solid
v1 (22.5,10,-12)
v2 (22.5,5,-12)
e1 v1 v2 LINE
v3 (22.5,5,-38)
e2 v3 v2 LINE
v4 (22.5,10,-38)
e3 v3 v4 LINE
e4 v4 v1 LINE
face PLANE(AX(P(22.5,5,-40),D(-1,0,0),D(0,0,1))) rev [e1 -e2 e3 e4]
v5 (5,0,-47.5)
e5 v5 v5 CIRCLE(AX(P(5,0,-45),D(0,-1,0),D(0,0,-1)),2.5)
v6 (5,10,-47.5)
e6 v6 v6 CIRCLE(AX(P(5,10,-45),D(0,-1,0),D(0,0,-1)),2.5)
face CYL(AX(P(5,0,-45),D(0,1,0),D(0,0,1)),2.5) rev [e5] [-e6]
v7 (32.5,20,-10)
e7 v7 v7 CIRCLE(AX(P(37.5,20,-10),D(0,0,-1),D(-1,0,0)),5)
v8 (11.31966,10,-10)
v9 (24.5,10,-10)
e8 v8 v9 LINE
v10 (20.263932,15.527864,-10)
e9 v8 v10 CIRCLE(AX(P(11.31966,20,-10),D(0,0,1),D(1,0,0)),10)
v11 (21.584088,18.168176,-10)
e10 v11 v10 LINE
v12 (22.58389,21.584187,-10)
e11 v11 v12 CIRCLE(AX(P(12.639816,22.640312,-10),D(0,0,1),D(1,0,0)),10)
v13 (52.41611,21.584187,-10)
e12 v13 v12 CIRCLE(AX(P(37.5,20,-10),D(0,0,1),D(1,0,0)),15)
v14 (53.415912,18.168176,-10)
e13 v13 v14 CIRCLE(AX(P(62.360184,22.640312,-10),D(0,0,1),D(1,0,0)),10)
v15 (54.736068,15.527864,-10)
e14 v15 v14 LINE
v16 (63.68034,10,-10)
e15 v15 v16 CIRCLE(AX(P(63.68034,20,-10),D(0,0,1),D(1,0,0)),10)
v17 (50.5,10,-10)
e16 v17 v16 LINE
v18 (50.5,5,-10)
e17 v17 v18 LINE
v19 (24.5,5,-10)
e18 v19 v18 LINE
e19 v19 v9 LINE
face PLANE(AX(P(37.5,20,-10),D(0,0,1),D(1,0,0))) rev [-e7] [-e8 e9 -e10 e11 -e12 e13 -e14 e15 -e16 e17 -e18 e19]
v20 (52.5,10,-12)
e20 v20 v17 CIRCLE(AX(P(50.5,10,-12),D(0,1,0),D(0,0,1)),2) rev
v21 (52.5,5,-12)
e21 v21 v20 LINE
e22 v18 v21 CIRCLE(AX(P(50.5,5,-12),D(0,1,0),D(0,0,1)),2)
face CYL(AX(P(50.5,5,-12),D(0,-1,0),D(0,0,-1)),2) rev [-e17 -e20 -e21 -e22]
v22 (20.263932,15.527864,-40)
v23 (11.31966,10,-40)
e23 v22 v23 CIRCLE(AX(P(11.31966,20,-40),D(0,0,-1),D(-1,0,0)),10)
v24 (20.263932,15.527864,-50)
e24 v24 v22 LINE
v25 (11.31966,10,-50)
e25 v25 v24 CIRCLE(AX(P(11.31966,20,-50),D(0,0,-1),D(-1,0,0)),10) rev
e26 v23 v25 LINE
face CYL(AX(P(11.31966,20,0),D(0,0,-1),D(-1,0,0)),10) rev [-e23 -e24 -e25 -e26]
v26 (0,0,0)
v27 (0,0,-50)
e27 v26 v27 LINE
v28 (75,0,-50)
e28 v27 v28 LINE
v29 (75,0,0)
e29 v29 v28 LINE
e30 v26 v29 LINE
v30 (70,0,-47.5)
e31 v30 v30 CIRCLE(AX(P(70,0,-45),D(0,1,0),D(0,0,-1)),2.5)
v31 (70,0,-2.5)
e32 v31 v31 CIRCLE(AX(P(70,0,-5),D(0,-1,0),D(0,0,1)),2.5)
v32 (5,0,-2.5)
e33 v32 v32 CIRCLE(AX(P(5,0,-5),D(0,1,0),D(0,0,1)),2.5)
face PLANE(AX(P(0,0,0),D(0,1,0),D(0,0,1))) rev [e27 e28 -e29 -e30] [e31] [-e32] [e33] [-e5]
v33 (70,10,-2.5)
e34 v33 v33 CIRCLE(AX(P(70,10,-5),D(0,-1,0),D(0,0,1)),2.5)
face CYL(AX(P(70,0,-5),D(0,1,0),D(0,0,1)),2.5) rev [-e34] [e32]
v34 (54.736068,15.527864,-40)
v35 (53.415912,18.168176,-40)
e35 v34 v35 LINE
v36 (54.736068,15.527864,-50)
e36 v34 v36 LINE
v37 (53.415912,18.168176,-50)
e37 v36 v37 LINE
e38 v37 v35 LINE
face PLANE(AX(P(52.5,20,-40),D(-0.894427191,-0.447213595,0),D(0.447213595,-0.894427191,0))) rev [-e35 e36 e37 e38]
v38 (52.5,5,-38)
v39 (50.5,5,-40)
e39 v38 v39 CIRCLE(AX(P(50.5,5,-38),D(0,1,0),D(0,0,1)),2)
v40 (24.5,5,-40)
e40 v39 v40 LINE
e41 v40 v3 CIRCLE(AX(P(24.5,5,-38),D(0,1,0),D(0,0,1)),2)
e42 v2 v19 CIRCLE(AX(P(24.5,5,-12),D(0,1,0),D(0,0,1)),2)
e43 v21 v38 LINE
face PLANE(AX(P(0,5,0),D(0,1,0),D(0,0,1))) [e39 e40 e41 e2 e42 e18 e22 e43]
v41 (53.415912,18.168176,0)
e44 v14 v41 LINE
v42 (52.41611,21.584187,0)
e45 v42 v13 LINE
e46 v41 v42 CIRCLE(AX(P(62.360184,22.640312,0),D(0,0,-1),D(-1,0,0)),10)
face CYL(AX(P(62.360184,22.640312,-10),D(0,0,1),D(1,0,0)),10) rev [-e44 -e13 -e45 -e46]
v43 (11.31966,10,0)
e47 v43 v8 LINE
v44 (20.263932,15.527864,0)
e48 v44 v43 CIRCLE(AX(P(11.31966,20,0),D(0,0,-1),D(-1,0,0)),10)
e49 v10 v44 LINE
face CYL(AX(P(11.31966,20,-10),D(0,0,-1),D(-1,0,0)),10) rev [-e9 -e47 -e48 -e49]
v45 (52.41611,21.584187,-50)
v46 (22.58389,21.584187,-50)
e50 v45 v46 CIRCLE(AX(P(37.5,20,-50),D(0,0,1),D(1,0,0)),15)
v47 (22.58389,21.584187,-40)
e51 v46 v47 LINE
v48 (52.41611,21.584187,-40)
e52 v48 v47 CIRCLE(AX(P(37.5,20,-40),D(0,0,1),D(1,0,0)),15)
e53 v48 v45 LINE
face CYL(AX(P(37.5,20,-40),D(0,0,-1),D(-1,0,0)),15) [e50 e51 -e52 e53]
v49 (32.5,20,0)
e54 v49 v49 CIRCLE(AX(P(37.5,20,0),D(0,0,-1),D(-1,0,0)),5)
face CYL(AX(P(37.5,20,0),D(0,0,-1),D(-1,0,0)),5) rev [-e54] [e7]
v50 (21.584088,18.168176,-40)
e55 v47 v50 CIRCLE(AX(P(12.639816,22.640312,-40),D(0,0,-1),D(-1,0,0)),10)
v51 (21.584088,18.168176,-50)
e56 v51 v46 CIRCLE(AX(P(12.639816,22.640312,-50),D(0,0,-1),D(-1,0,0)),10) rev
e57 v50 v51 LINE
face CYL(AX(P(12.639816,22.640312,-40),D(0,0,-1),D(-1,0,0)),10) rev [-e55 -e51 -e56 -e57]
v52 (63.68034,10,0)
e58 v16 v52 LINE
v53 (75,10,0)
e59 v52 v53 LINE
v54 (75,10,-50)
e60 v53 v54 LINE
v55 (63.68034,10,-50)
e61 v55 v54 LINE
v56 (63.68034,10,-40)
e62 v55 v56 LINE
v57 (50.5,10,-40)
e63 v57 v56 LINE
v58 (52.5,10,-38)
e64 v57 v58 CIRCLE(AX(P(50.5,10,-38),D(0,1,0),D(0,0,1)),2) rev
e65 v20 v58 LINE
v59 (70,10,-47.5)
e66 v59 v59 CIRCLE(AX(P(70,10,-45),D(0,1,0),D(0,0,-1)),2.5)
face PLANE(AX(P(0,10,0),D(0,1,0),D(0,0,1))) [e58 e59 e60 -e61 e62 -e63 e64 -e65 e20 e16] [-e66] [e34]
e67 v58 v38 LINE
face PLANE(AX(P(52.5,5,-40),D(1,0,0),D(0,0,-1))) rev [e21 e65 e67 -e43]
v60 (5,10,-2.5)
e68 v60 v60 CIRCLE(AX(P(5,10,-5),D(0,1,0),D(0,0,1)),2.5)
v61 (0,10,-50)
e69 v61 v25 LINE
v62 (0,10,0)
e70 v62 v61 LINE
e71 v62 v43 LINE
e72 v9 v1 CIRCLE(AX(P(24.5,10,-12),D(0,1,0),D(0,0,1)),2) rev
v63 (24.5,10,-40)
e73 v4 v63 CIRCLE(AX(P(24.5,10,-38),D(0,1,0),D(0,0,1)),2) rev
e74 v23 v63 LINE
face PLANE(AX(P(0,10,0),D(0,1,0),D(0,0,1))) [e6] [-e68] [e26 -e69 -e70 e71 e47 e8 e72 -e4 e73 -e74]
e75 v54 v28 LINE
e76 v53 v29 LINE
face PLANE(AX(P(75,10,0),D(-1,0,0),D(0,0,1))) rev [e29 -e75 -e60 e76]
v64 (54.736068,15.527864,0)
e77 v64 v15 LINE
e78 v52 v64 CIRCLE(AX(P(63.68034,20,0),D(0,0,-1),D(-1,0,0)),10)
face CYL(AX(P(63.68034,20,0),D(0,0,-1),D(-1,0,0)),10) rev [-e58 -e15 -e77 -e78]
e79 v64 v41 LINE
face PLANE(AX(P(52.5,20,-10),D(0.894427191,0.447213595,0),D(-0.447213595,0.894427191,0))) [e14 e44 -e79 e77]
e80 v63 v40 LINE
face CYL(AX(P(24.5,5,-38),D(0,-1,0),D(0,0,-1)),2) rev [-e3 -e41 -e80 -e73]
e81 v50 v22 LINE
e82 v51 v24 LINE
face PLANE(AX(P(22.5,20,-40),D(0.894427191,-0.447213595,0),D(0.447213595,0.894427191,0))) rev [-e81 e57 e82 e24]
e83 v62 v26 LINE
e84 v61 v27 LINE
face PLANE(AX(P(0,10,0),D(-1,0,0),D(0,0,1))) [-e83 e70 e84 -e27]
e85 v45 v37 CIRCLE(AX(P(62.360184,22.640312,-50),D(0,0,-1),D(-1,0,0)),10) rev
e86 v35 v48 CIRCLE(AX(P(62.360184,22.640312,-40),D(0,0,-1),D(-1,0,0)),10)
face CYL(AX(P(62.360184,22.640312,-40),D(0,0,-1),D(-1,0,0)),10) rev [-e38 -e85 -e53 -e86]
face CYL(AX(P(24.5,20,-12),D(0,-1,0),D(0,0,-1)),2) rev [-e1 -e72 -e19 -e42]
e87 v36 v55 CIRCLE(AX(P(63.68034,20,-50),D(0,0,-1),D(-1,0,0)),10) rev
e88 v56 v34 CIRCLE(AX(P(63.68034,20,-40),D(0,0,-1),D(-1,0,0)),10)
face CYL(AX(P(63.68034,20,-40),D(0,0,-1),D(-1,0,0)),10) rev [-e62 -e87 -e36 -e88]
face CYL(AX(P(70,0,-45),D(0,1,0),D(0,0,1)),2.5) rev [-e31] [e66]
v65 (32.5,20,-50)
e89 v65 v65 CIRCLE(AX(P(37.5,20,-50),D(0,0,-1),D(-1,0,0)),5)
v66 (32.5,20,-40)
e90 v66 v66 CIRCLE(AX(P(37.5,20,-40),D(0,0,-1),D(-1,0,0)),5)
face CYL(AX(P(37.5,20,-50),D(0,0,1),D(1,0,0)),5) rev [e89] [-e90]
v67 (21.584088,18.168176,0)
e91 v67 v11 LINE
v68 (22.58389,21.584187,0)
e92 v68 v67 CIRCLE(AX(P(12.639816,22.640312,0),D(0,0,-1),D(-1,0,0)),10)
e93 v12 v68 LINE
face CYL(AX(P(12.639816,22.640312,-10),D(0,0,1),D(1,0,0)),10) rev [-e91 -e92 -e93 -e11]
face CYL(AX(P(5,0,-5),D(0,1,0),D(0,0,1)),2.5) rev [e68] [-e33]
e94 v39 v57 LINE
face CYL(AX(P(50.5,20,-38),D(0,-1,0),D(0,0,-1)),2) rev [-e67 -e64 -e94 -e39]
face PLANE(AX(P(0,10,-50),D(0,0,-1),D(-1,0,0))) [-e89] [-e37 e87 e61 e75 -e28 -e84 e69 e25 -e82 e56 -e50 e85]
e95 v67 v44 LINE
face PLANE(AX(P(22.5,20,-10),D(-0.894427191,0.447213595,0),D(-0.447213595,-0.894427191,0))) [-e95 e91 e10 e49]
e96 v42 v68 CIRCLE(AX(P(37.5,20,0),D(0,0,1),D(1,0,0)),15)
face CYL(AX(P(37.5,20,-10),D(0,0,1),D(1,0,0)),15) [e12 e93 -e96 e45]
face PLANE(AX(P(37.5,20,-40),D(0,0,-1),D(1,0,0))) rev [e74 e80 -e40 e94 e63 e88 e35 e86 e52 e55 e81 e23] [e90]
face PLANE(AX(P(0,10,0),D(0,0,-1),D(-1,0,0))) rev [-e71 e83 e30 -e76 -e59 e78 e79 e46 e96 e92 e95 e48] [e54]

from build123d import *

# Parameters (mm, degrees)
SKETCH1_W               = 75
SKETCH1_H               = 50
BOSS_EXTRUDE1_DEPTH     = 10
BOSS_EXTRUDE2_DEPTH     = 10
FILLET1_R               = 10
SKETCH4_R               = 5
CUT_EXTRUDE1_DEPTH      = 11
FILLET1_OF_MIRROR1_R    = 10
SKETCH5_R               = 2.5
CUT_EXTRUDE2_DEPTH      = 11
MIRROR3_COPY_1_SKETCH_R = 2.5
MIRROR3_COPY_1_DEPTH    = 11
SKETCH6_W               = 30
SKETCH6_H               = 30
CUT_EXTRUDE3_DEPTH      = 5
FILLET2_R               = 2


with BuildPart() as part:
    # Sketch1 → Boss-Extrude1 (new body)
    with BuildSketch(Plane(origin=(0, 0, 0), x_dir=(1, 0, 0), z_dir=(0, 1, 0))):
        with Locations((37.5, 25)):
            Rectangle(SKETCH1_W, SKETCH1_H)
    extrude(amount=BOSS_EXTRUDE1_DEPTH)

    # Sketch2 → Boss-Extrude2 (add)
    with BuildSketch(Plane.XY):
        with BuildLine():
            Line((52.5, 20), (57.5, 10))
            Line((57.5, 10), (17.5, 10))
            Line((17.5, 10), (22.5, 20))
            ThreePointArc((22.5, 20), (37.5, 35), (52.5, 20))
        make_face()
    boss_extrude2 = extrude(amount=-BOSS_EXTRUDE2_DEPTH)

    # Fillet1
    fillet1_edges = [part.edges().sort_by_distance(p)[0] for p in [
        (22.5, 20, -5),
        (52.5, 20, -5),
        (57.5, 10, -5),
        (17.5, 10, -5),
    ]]
    fillet(fillet1_edges, radius=FILLET1_R)

    # Sketch4 → Cut-Extrude1 (cut, through all)
    with BuildSketch(Plane(origin=(0, 0, -10), x_dir=(-1, 0, 0), z_dir=(0, 0, -1))):
        with Locations((-37.5, 20)):
            Circle(SKETCH4_R)
    cut_extrude1 = extrude(amount=-CUT_EXTRUDE1_DEPTH, mode=Mode.SUBTRACT)

    # Mirror1: Boss-Extrude2, Cut-Extrude1 across plane
    add(boss_extrude2.mirror(Plane(origin=(0, 0, -25), x_dir=(1, 0, 0), z_dir=(0, 0, -1))))
    add(cut_extrude1.mirror(Plane(origin=(0, 0, -25), x_dir=(1, 0, 0), z_dir=(0, 0, -1))), mode=Mode.SUBTRACT)

    # Fillet1 of Mirror1
    fillet1_of_mirror1_edges = [part.edges().sort_by_distance(p)[0] for p in [
        (22.5, 20, -45),
        (52.5, 20, -45),
        (57.5, 10, -45),
        (17.5, 10, -45),
    ]]
    fillet(fillet1_of_mirror1_edges, radius=FILLET1_OF_MIRROR1_R)

    # Sketch5 → Cut-Extrude2 (cut, through all)
    with BuildSketch(Plane(origin=(0, 10, 0), x_dir=(1, 0, 0), z_dir=(0, 1, 0))):
        with Locations((5, 5)):
            Circle(SKETCH5_R)
    cut_extrude2 = extrude(amount=-CUT_EXTRUDE2_DEPTH, mode=Mode.SUBTRACT)

    # Mirror2: Cut-Extrude2 across plane
    add(cut_extrude2.mirror(Plane(origin=(0, 0, -25), x_dir=(1, 0, 0), z_dir=(0, 0, -1))), mode=Mode.SUBTRACT)

    # Mirror3: Cut-Extrude2 across plane
    add(cut_extrude2.mirror(Plane(origin=(37.5, 0, 0), x_dir=(0, 0, 1), z_dir=(1, 0, 0))), mode=Mode.SUBTRACT)

    # Mirror3 copy 1 sketch → Mirror3 copy 1 (cut, through all)
    with BuildSketch(Plane(origin=(75, 10, -50), x_dir=(-1, 0, 0), z_dir=(0, 1, 0))):
        with Locations((5, 5)):
            Circle(MIRROR3_COPY_1_SKETCH_R)
    extrude(amount=-MIRROR3_COPY_1_DEPTH, mode=Mode.SUBTRACT)

    # Sketch6 → Cut-Extrude3 (cut)
    with BuildSketch(Plane(origin=(0, 10, 0), x_dir=(1, 0, 0), z_dir=(0, 1, 0))):
        with Locations((37.5, 25)):
            Rectangle(SKETCH6_W, SKETCH6_H)
    extrude(amount=-CUT_EXTRUDE3_DEPTH, mode=Mode.SUBTRACT)

    # Fillet2
    fillet2_edges = [part.edges().sort_by_distance(p)[0] for p in [
        (22.5, 7.5, -10),
        (22.5, 7.5, -40),
        (52.5, 7.5, -40),
        (52.5, 7.5, -10),
    ]]
    fillet(fillet2_edges, radius=FILLET2_R)


solid = part.part
